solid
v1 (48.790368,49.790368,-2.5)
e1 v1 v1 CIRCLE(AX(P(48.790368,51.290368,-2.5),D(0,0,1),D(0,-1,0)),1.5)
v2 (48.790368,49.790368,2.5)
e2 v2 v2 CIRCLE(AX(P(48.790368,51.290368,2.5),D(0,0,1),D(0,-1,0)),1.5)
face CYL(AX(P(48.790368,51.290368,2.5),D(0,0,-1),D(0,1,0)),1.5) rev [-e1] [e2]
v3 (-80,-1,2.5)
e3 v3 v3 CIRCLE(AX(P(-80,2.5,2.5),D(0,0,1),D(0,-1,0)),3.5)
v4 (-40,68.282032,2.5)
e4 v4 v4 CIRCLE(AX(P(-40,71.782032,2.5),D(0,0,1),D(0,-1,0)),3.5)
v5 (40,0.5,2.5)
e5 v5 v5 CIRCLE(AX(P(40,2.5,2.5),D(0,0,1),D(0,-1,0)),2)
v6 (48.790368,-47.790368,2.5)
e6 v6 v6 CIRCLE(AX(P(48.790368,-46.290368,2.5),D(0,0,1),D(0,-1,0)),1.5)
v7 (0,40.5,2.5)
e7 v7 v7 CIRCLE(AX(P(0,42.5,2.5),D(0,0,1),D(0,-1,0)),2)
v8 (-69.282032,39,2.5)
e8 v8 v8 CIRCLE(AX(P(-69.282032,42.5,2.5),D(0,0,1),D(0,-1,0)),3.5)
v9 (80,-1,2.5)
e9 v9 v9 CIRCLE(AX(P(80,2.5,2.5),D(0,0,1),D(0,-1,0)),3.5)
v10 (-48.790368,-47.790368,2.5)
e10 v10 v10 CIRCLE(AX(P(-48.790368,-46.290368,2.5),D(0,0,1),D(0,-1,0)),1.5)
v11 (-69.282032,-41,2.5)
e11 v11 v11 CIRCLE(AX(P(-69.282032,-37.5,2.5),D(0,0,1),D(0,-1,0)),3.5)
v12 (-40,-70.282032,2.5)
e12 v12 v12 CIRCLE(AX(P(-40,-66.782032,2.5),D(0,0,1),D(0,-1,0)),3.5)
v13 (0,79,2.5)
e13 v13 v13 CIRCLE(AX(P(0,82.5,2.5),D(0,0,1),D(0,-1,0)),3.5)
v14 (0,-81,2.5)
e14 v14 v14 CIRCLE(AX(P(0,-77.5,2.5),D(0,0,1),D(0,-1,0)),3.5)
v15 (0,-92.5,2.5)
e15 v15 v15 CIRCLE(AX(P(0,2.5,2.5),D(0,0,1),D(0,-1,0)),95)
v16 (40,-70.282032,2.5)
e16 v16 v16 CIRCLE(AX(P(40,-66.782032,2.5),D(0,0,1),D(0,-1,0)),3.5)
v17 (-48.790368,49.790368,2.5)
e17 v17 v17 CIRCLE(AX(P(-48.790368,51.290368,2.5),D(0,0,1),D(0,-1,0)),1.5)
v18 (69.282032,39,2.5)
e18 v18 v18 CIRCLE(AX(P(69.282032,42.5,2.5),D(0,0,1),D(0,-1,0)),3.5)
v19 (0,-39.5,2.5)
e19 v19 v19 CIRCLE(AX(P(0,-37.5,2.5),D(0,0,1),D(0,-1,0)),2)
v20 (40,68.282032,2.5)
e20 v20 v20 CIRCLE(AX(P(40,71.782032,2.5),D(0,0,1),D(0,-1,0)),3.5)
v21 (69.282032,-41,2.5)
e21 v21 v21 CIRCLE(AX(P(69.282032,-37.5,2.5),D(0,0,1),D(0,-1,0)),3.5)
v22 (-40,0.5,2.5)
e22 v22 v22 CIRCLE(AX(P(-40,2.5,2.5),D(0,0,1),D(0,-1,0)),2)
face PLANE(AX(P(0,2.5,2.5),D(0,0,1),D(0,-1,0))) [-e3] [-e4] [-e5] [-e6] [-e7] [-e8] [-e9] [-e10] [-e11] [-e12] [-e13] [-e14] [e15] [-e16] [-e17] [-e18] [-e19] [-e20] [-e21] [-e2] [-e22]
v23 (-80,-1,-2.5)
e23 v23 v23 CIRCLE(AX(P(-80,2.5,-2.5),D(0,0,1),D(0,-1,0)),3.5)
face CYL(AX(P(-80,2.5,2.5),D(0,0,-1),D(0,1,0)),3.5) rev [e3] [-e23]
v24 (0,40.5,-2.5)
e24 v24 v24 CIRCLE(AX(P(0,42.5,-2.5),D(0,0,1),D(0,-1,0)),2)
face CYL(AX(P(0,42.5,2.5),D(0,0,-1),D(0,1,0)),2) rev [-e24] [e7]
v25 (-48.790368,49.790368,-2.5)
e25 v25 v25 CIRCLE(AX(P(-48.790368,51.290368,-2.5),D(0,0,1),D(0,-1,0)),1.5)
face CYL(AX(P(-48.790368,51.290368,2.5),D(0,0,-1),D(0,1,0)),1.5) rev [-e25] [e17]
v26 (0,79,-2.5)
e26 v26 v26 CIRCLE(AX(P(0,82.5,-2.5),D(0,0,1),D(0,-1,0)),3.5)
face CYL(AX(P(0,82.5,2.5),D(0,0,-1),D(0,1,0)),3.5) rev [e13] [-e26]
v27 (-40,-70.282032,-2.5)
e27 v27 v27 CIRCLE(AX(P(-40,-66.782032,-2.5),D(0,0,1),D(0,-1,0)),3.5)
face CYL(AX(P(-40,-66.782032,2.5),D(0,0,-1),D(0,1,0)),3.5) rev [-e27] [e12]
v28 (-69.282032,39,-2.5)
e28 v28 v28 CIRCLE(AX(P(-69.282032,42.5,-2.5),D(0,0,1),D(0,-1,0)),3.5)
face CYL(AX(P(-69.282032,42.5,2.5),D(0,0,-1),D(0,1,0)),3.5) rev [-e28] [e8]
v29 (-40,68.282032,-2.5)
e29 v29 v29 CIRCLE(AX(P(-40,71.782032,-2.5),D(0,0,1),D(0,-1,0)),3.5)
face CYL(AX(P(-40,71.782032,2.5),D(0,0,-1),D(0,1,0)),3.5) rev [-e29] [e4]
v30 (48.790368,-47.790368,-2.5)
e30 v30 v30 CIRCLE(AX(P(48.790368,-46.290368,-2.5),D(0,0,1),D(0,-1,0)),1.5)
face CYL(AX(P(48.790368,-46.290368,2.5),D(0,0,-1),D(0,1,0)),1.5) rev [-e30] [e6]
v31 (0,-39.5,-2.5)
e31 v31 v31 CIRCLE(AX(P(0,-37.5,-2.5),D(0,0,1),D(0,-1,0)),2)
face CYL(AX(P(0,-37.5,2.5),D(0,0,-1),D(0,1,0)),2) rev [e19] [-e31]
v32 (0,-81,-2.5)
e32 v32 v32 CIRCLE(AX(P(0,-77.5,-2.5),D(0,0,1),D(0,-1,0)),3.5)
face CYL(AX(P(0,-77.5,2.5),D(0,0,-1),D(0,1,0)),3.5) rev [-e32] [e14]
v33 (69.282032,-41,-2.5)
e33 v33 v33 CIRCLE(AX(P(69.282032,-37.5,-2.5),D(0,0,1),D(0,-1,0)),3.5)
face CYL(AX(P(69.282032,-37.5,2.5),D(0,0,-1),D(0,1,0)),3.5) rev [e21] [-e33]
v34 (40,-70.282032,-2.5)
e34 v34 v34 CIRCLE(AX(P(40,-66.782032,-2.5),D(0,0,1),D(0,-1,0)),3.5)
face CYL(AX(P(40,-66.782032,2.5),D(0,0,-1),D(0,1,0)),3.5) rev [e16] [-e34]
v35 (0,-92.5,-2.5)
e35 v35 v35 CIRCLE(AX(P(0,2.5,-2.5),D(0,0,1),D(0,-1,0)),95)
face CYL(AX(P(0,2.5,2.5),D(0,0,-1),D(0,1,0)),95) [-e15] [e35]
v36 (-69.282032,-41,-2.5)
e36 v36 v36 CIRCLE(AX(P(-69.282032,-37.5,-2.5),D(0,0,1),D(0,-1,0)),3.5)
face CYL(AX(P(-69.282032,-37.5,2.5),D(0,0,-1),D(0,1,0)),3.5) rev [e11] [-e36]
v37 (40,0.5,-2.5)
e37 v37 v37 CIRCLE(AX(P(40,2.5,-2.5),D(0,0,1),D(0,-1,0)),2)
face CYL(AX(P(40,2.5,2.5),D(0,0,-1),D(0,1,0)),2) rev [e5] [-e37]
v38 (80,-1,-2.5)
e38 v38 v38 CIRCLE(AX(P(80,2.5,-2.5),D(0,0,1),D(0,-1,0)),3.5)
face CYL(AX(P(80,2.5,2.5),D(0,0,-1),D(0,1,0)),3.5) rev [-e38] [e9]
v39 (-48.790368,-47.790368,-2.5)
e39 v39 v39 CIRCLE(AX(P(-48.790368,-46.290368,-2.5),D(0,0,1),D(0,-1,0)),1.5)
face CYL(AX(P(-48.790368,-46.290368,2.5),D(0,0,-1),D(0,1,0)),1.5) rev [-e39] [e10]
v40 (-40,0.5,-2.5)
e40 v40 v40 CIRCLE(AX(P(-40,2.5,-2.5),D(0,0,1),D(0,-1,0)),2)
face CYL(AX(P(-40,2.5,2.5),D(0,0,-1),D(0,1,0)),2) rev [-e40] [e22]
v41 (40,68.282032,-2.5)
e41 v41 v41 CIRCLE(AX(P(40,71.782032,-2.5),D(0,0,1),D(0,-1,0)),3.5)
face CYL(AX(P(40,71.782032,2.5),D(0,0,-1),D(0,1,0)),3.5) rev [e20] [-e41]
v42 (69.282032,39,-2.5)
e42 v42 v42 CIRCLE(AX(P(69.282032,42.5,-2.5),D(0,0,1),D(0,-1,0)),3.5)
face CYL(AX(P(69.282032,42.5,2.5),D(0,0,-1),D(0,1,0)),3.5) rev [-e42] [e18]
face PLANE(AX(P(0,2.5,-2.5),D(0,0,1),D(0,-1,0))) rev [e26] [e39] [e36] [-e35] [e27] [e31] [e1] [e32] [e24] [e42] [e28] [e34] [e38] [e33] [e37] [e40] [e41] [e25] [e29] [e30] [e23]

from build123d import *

# Parameters (mm, degrees)
SKETCH1_R             = 95
SKETCH1_R_2           = 1.5
SKETCH1_R_3           = 2
SKETCH1_R_4           = 3.5
BOSS_EXTRUDE1_DEPTH   = 5
BODY_MOVE_COPY1_ANGLE = 90


with BuildPart() as part:
    # Sketch1 → Boss-Extrude1 (new body)
    with BuildSketch(Plane(origin=(0, 0, 0), x_dir=(1, 0, 0), z_dir=(0, 1, 0))):
        Circle(SKETCH1_R)
        with Locations((48.790367902, 48.790367902)):
            Circle(SKETCH1_R_2, mode=Mode.SUBTRACT)
        with Locations((0, 40)):
            Circle(SKETCH1_R_3, mode=Mode.SUBTRACT)
        with Locations((40, 0)):
            Circle(SKETCH1_R_3, mode=Mode.SUBTRACT)
        with Locations((0, -40)):
            Circle(SKETCH1_R_3, mode=Mode.SUBTRACT)
        with Locations((-40, 0)):
            Circle(SKETCH1_R_3, mode=Mode.SUBTRACT)
        with Locations((48.790367902, -48.790367902)):
            Circle(SKETCH1_R_2, mode=Mode.SUBTRACT)
        with Locations((-48.790367902, -48.790367902)):
            Circle(SKETCH1_R_2, mode=Mode.SUBTRACT)
        with Locations((-48.790367902, 48.790367902)):
            Circle(SKETCH1_R_2, mode=Mode.SUBTRACT)
        with Locations((80, 0)):
            Circle(SKETCH1_R_4, mode=Mode.SUBTRACT)
        with Locations((69.282032303, -40)):
            Circle(SKETCH1_R_4, mode=Mode.SUBTRACT)
        with Locations((40, -69.282032303)):
            Circle(SKETCH1_R_4, mode=Mode.SUBTRACT)
        with Locations((0, -80)):
            Circle(SKETCH1_R_4, mode=Mode.SUBTRACT)
        with Locations((-40, -69.282032303)):
            Circle(SKETCH1_R_4, mode=Mode.SUBTRACT)
        with Locations((-69.282032303, -40)):
            Circle(SKETCH1_R_4, mode=Mode.SUBTRACT)
        with Locations((-80, 0)):
            Circle(SKETCH1_R_4, mode=Mode.SUBTRACT)
        with Locations((-69.282032303, 40)):
            Circle(SKETCH1_R_4, mode=Mode.SUBTRACT)
        with Locations((-40, 69.282032303)):
            Circle(SKETCH1_R_4, mode=Mode.SUBTRACT)
        with Locations((0, 80)):
            Circle(SKETCH1_R_4, mode=Mode.SUBTRACT)
        with Locations((40, 69.282032303)):
            Circle(SKETCH1_R_4, mode=Mode.SUBTRACT)
        with Locations((69.282032303, 40)):
            Circle(SKETCH1_R_4, mode=Mode.SUBTRACT)
    extrude(amount=BOSS_EXTRUDE1_DEPTH)


with BuildPart() as part_1:
    # Body-Move/Copy1: moved
    add(part.part.rotate(Axis((0, 2.5, 0), (1, 0, 0)), BODY_MOVE_COPY1_ANGLE))


solid = part_1.part
